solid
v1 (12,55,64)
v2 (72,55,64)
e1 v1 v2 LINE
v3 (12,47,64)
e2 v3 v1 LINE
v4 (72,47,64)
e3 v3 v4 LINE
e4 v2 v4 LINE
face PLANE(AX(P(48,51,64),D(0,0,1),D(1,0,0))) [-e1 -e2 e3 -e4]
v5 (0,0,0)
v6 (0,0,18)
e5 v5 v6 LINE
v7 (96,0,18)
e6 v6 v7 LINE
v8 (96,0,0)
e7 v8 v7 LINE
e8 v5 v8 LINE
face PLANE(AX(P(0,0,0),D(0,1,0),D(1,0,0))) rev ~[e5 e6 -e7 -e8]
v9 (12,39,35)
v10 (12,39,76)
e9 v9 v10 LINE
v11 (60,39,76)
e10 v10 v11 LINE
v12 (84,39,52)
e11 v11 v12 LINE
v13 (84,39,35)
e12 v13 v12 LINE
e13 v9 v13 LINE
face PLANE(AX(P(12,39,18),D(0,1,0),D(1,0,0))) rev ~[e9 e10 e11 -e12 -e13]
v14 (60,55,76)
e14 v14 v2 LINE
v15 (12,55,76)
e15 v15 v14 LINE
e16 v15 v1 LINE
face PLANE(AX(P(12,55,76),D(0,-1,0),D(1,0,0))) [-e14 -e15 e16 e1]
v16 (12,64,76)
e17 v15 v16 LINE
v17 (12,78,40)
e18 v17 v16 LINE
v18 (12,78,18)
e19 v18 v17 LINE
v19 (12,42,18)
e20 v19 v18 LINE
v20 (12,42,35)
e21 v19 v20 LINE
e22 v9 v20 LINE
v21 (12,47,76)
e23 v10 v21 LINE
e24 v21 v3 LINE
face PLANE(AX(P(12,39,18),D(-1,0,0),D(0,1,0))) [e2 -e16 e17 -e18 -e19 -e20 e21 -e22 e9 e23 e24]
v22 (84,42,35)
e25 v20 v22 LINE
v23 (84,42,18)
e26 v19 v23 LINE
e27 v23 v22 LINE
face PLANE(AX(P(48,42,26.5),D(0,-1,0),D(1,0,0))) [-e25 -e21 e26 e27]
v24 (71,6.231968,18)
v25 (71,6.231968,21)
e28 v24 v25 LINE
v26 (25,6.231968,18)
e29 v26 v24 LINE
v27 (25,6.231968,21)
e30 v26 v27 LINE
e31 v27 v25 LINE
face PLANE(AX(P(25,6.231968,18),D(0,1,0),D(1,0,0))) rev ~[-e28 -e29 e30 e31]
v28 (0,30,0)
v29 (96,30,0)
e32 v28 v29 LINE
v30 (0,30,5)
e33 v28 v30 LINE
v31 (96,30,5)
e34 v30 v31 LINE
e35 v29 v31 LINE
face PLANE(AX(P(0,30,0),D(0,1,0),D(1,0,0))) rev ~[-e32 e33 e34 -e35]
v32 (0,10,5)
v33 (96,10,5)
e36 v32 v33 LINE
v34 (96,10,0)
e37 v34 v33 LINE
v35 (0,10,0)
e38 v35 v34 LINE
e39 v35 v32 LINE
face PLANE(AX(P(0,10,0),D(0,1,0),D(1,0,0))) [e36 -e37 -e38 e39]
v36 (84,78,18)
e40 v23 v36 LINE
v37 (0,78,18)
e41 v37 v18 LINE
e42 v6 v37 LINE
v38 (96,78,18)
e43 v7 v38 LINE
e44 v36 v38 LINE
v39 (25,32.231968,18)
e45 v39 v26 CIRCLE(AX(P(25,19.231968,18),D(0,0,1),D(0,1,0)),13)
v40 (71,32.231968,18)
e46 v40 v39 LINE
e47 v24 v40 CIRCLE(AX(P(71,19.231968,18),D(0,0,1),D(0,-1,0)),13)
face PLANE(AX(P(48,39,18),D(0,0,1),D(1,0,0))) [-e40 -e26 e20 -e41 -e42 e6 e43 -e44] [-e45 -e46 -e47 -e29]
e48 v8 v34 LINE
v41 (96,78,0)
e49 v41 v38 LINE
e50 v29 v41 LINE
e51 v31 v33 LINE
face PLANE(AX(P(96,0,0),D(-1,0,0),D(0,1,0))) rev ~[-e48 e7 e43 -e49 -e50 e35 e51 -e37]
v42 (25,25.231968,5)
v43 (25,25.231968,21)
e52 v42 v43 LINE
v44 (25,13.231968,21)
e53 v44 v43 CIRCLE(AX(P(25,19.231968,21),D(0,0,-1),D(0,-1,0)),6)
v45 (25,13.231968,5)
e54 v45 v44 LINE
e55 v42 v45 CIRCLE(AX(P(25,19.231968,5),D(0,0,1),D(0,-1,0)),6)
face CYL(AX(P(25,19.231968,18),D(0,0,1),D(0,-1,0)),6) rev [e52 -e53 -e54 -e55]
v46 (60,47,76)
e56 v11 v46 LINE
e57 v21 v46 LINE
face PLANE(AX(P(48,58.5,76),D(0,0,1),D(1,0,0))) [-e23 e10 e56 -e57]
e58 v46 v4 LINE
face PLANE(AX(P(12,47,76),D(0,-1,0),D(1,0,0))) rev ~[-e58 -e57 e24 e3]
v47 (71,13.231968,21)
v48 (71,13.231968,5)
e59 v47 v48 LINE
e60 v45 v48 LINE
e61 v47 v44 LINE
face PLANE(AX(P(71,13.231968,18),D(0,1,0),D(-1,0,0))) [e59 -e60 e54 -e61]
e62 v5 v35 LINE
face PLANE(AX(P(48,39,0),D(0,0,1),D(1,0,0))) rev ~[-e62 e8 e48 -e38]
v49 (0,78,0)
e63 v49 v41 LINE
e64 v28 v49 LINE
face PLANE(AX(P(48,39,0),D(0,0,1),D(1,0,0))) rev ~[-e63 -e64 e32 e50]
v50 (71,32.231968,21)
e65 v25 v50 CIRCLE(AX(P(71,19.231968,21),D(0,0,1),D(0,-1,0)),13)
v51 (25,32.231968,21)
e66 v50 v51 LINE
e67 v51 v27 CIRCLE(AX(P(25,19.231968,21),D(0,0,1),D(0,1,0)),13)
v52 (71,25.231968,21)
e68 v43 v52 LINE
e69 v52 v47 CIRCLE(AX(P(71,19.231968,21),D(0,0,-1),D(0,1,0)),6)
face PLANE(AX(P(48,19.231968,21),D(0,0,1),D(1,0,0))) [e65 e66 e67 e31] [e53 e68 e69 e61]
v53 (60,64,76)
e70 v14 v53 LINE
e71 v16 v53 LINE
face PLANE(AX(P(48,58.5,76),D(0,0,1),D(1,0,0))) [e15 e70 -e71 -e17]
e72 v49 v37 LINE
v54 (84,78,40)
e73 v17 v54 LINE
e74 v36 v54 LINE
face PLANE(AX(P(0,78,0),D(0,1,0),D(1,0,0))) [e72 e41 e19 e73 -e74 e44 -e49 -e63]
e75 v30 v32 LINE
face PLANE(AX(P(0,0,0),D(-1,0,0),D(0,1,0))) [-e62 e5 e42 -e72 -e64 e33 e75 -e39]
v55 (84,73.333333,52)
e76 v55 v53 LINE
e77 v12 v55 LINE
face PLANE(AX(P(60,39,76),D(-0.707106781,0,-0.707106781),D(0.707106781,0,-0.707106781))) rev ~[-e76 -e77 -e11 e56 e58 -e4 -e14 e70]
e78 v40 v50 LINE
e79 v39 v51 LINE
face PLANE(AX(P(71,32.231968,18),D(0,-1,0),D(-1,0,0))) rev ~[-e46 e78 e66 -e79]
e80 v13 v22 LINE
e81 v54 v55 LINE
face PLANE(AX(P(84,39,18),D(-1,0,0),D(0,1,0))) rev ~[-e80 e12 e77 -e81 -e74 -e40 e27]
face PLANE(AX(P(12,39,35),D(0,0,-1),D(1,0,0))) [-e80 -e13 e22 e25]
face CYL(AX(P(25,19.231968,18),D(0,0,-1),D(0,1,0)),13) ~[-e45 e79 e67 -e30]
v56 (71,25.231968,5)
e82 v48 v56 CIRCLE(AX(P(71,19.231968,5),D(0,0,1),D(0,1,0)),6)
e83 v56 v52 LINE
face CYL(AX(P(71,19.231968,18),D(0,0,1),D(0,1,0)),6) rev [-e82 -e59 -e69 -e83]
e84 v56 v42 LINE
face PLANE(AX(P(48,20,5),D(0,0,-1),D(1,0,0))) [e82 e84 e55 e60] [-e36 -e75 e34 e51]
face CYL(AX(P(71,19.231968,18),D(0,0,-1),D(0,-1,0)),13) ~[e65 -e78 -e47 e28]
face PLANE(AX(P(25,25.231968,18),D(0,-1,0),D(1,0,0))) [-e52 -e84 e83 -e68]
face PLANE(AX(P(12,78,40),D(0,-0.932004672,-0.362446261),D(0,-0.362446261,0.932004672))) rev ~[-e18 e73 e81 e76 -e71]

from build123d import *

# Parameters (mm, degrees)
F0_W      = 96
F0_H      = 78
F1_DEPTH  = 18
F2_W      = 72
F2_H      = 39
F3_DEPTH  = 58
F4_W      = 72
F4_H      = 8
F5_DEPTH  = 12
F6_W      = 96
F6_H      = 20
F7_DEPTH  = 5
F10_DEPTH = 39.001
F12_DEPTH = 3
F13_DEPTH = 18.001
F15_DEPTH = 84.001
F16_W     = 72
F16_H     = 17
F17_DEPTH = 3


with BuildPart() as f1:
    # F0 (on Top) → F1 (new body)
    with BuildSketch(Plane.XY):
        with Locations((48, 39)):
            Rectangle(F0_W, F0_H)
    extrude(amount=F1_DEPTH)

    # F2 (on face) → F3 (join)
    with BuildSketch(Plane.XY.offset(18)):
        with Locations((48, 58.5)):
            Rectangle(F2_W, F2_H)
    extrude(amount=F3_DEPTH)

    # F4 (on face) → F5 (cut)
    with BuildSketch(Plane.XY.offset(76)):
        with Locations((48, 51)):
            Rectangle(F4_W, F4_H)
    extrude(amount=-F5_DEPTH, mode=Mode.SUBTRACT)

    # F6 (on face) → F7 (cut)
    with BuildSketch(Plane(origin=(0, 0, 0), x_dir=(1, 0, 0), z_dir=(0, 0, -1))):
        with Locations((48, -20)):
            Rectangle(F6_W, F6_H)
    extrude(amount=-F7_DEPTH, mode=Mode.SUBTRACT)

    # F9 (on face) + F8 (on face) → F10 (cut, through all)
    with BuildSketch(Plane.XZ.offset(-39)):
        Polygon((84, 76), (60, 76), (84, 52), align=None)
    with BuildSketch(Plane(origin=(0, 78, 0), x_dir=(-1, 0, 0), z_dir=(0, 1, 0))):
        Polygon((-84, 18), (-96, 18), (-96, 0), (0, 0), (0, 18), (-12, 18), (-12, 76), (-84, 76), align=None)
    extrude(amount=-F10_DEPTH, dir=(0, -1, 0), mode=Mode.SUBTRACT)

    # F11 (on face) → F12 (join)
    with BuildSketch(Plane.XY.offset(18)):
        with BuildLine():
            ThreePointArc((25, 32.231967628), (12, 19.231967628), (25, 6.231967628))
            Line((25, 6.231967628), (71, 6.231967628))
            ThreePointArc((71, 6.231967628), (84, 19.231967628), (71, 32.231967628))
            Line((71, 32.231967628), (25, 32.231967628))
        make_face()
        with BuildLine():
            Line((71, 13.231967628), (25, 13.231967628))
            ThreePointArc((25, 13.231967628), (19, 19.231967628), (25, 25.231967628))
            Line((25, 25.231967628), (71, 25.231967628))
            ThreePointArc((71, 25.231967628), (77, 19.231967628), (71, 13.231967628))
        make_face(mode=Mode.SUBTRACT)
    extrude(amount=F12_DEPTH)

    # F13 (cut, through all): a face of the model
    f13_faces = [f1.faces().sort_by_distance(p)[0] for p in [
        (48, 19.231967628, 18),
    ]]
    extrude(f13_faces, amount=-F13_DEPTH, mode=Mode.SUBTRACT)

    # F14 (on face) → F15 (cut, through all)
    with BuildSketch(Plane(origin=(12, 0, 0), x_dir=(0, -1, 0), z_dir=(-1, 0, 0))):
        Polygon((-64, 76), (-78, 76), (-78, 40), align=None)
    extrude(amount=-F15_DEPTH, mode=Mode.SUBTRACT)

    # F16 (on face) → F17 (cut)
    with BuildSketch(Plane.XZ.offset(-39)):
        with Locations((48, 26.5)):
            Rectangle(F16_W, F16_H)
    extrude(amount=-F17_DEPTH, mode=Mode.SUBTRACT)


solid = f1.part
